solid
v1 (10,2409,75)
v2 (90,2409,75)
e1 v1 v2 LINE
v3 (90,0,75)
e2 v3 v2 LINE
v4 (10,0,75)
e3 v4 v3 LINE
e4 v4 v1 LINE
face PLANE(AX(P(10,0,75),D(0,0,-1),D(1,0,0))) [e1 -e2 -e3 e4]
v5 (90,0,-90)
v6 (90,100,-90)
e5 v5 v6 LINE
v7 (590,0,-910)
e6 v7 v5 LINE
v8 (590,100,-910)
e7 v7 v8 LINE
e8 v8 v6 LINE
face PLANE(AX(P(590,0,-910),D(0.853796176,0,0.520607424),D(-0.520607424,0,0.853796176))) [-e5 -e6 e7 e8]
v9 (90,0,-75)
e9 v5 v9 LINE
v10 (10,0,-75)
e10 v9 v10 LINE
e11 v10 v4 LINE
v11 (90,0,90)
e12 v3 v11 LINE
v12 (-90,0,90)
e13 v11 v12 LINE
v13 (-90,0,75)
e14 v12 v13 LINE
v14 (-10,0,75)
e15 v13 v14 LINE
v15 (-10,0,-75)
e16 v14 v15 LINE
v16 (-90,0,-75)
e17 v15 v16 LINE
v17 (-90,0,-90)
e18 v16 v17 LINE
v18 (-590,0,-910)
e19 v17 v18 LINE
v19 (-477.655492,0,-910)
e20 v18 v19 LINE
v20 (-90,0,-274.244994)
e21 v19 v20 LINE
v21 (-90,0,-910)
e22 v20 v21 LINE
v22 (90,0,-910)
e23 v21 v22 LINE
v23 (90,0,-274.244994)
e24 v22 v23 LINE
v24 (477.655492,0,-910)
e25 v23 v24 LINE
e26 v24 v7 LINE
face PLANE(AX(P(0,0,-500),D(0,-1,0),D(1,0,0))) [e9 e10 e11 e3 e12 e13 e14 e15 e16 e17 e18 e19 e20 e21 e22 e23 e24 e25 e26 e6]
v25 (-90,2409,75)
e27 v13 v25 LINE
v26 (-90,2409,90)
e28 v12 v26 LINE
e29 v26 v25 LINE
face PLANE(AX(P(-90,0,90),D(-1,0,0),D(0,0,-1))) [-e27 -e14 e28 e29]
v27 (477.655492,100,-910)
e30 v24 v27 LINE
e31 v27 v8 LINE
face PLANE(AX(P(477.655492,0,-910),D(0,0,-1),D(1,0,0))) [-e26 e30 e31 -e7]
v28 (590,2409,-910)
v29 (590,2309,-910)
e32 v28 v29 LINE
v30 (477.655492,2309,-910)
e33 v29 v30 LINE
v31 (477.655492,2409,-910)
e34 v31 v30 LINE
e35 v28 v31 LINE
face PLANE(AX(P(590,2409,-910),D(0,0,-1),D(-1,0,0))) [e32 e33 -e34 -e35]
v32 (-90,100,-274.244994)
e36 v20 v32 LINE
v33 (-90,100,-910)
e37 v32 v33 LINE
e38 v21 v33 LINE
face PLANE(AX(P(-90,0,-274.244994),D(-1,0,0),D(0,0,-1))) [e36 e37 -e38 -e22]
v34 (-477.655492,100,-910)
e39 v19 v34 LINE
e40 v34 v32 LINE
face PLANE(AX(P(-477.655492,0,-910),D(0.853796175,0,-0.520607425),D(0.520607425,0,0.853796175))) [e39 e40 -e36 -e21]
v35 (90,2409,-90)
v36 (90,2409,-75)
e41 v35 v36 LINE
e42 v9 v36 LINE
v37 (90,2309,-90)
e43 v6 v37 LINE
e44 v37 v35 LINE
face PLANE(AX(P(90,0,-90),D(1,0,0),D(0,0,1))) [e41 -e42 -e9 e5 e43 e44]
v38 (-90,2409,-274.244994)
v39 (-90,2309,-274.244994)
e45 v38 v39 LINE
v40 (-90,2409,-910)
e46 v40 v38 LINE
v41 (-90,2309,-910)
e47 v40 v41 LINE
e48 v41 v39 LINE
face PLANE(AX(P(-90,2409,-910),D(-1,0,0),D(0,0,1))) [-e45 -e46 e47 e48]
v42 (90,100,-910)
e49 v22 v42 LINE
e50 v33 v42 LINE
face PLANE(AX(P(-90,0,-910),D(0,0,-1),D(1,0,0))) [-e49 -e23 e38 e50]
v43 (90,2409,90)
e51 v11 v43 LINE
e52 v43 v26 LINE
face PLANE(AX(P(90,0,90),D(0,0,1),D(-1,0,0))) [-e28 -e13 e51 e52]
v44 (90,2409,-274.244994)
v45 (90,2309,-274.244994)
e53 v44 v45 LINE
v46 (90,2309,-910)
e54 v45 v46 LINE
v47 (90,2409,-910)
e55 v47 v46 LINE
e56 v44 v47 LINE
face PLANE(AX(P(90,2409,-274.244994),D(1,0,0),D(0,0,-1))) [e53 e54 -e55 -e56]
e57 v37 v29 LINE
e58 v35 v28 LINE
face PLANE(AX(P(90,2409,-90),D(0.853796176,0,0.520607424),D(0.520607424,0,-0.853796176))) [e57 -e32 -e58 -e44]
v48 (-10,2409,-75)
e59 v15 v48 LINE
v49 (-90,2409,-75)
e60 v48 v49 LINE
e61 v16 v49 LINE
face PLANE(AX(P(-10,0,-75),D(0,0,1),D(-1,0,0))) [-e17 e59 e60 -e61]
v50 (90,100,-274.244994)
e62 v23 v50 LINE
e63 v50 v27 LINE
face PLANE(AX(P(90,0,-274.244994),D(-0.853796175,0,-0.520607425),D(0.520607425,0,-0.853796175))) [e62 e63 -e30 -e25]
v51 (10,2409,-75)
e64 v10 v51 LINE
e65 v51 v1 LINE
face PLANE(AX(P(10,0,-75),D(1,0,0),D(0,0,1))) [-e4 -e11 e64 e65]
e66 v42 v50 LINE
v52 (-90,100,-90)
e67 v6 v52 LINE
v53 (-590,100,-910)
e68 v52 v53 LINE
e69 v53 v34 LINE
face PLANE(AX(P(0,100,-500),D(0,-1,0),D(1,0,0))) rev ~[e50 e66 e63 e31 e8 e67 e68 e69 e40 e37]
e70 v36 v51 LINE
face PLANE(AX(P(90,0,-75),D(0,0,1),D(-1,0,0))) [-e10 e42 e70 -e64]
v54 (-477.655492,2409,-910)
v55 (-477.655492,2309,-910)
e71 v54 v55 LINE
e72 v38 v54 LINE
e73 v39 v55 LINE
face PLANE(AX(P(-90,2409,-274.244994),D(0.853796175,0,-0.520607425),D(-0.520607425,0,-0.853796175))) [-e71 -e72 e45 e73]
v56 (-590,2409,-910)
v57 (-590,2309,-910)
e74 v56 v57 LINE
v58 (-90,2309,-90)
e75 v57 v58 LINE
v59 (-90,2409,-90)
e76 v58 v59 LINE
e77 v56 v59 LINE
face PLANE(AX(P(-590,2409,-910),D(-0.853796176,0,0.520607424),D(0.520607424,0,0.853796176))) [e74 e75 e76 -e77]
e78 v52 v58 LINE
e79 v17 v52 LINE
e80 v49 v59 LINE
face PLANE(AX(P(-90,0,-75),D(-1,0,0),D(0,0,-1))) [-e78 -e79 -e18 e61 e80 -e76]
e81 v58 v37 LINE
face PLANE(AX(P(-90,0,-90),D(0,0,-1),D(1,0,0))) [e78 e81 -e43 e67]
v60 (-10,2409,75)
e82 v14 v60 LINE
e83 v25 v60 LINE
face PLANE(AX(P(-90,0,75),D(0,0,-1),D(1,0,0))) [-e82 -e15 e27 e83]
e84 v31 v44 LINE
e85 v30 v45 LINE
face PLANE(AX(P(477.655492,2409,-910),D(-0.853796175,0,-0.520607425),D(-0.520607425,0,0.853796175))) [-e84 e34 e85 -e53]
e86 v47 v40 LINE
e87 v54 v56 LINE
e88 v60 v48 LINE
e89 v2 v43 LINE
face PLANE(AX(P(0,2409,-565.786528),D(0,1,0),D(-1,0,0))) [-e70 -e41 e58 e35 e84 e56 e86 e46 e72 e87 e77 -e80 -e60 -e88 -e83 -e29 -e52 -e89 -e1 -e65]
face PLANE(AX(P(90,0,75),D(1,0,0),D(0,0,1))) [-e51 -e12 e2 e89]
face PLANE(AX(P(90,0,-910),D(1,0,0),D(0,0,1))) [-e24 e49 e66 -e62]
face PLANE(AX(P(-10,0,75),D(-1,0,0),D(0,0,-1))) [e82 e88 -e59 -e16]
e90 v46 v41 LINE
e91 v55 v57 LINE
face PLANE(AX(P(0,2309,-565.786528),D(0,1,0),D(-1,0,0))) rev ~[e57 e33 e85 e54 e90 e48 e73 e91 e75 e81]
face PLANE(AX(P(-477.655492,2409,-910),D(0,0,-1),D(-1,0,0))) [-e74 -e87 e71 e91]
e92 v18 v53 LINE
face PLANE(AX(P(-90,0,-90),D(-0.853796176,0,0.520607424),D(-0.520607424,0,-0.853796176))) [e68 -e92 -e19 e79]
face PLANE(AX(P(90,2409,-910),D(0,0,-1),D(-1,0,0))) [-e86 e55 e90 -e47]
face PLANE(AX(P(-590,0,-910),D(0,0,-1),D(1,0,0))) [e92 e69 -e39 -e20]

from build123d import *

# Parameters (mm, degrees)
F1_DEPTH = 2409
F3_DEPTH = 100
F5_DEPTH = 100


with BuildPart() as f1:
    # F0 (on Front) → F1 (new body)
    with BuildSketch(Plane.XZ):
        Polygon((-90, -90), (90, -90), (90, -75), (10, -75), (10, 75), (90, 75), (90, 90), (-90, 90), (-90, 75), (-10, 75), (-10, -75), (-90, -75), align=None)
    extrude(amount=-F1_DEPTH)

    # F2 (on Front) → F3 (join)
    with BuildSketch(Plane.XZ):
        Polygon((90, -274.244994), (90, -90), (-90, -90), (-90, -274.244994), (-90, -910), (90, -910), align=None)
        Polygon((590, -910), (90, -90), (90, -274.244994), (477.655492, -910), align=None)
        Polygon((-90, -274.244994), (-90, -90), (-590, -910), (-477.655492, -910), align=None)
    extrude(amount=-F3_DEPTH)

    # F4 (on face) → F5 (join)
    with BuildSketch(Plane(origin=(0, 2409, 0), x_dir=(-1, 0, 0), z_dir=(0, 1, 0))):
        Polygon((90, -910), (90, -274.244994), (477.655492, -910), (590, -910), (90, -90), (-90, -90), (-590, -910), (-477.655492, -910), (-90, -274.244994), (-90, -910), align=None)
    extrude(amount=-F5_DEPTH)


solid = f1.part
